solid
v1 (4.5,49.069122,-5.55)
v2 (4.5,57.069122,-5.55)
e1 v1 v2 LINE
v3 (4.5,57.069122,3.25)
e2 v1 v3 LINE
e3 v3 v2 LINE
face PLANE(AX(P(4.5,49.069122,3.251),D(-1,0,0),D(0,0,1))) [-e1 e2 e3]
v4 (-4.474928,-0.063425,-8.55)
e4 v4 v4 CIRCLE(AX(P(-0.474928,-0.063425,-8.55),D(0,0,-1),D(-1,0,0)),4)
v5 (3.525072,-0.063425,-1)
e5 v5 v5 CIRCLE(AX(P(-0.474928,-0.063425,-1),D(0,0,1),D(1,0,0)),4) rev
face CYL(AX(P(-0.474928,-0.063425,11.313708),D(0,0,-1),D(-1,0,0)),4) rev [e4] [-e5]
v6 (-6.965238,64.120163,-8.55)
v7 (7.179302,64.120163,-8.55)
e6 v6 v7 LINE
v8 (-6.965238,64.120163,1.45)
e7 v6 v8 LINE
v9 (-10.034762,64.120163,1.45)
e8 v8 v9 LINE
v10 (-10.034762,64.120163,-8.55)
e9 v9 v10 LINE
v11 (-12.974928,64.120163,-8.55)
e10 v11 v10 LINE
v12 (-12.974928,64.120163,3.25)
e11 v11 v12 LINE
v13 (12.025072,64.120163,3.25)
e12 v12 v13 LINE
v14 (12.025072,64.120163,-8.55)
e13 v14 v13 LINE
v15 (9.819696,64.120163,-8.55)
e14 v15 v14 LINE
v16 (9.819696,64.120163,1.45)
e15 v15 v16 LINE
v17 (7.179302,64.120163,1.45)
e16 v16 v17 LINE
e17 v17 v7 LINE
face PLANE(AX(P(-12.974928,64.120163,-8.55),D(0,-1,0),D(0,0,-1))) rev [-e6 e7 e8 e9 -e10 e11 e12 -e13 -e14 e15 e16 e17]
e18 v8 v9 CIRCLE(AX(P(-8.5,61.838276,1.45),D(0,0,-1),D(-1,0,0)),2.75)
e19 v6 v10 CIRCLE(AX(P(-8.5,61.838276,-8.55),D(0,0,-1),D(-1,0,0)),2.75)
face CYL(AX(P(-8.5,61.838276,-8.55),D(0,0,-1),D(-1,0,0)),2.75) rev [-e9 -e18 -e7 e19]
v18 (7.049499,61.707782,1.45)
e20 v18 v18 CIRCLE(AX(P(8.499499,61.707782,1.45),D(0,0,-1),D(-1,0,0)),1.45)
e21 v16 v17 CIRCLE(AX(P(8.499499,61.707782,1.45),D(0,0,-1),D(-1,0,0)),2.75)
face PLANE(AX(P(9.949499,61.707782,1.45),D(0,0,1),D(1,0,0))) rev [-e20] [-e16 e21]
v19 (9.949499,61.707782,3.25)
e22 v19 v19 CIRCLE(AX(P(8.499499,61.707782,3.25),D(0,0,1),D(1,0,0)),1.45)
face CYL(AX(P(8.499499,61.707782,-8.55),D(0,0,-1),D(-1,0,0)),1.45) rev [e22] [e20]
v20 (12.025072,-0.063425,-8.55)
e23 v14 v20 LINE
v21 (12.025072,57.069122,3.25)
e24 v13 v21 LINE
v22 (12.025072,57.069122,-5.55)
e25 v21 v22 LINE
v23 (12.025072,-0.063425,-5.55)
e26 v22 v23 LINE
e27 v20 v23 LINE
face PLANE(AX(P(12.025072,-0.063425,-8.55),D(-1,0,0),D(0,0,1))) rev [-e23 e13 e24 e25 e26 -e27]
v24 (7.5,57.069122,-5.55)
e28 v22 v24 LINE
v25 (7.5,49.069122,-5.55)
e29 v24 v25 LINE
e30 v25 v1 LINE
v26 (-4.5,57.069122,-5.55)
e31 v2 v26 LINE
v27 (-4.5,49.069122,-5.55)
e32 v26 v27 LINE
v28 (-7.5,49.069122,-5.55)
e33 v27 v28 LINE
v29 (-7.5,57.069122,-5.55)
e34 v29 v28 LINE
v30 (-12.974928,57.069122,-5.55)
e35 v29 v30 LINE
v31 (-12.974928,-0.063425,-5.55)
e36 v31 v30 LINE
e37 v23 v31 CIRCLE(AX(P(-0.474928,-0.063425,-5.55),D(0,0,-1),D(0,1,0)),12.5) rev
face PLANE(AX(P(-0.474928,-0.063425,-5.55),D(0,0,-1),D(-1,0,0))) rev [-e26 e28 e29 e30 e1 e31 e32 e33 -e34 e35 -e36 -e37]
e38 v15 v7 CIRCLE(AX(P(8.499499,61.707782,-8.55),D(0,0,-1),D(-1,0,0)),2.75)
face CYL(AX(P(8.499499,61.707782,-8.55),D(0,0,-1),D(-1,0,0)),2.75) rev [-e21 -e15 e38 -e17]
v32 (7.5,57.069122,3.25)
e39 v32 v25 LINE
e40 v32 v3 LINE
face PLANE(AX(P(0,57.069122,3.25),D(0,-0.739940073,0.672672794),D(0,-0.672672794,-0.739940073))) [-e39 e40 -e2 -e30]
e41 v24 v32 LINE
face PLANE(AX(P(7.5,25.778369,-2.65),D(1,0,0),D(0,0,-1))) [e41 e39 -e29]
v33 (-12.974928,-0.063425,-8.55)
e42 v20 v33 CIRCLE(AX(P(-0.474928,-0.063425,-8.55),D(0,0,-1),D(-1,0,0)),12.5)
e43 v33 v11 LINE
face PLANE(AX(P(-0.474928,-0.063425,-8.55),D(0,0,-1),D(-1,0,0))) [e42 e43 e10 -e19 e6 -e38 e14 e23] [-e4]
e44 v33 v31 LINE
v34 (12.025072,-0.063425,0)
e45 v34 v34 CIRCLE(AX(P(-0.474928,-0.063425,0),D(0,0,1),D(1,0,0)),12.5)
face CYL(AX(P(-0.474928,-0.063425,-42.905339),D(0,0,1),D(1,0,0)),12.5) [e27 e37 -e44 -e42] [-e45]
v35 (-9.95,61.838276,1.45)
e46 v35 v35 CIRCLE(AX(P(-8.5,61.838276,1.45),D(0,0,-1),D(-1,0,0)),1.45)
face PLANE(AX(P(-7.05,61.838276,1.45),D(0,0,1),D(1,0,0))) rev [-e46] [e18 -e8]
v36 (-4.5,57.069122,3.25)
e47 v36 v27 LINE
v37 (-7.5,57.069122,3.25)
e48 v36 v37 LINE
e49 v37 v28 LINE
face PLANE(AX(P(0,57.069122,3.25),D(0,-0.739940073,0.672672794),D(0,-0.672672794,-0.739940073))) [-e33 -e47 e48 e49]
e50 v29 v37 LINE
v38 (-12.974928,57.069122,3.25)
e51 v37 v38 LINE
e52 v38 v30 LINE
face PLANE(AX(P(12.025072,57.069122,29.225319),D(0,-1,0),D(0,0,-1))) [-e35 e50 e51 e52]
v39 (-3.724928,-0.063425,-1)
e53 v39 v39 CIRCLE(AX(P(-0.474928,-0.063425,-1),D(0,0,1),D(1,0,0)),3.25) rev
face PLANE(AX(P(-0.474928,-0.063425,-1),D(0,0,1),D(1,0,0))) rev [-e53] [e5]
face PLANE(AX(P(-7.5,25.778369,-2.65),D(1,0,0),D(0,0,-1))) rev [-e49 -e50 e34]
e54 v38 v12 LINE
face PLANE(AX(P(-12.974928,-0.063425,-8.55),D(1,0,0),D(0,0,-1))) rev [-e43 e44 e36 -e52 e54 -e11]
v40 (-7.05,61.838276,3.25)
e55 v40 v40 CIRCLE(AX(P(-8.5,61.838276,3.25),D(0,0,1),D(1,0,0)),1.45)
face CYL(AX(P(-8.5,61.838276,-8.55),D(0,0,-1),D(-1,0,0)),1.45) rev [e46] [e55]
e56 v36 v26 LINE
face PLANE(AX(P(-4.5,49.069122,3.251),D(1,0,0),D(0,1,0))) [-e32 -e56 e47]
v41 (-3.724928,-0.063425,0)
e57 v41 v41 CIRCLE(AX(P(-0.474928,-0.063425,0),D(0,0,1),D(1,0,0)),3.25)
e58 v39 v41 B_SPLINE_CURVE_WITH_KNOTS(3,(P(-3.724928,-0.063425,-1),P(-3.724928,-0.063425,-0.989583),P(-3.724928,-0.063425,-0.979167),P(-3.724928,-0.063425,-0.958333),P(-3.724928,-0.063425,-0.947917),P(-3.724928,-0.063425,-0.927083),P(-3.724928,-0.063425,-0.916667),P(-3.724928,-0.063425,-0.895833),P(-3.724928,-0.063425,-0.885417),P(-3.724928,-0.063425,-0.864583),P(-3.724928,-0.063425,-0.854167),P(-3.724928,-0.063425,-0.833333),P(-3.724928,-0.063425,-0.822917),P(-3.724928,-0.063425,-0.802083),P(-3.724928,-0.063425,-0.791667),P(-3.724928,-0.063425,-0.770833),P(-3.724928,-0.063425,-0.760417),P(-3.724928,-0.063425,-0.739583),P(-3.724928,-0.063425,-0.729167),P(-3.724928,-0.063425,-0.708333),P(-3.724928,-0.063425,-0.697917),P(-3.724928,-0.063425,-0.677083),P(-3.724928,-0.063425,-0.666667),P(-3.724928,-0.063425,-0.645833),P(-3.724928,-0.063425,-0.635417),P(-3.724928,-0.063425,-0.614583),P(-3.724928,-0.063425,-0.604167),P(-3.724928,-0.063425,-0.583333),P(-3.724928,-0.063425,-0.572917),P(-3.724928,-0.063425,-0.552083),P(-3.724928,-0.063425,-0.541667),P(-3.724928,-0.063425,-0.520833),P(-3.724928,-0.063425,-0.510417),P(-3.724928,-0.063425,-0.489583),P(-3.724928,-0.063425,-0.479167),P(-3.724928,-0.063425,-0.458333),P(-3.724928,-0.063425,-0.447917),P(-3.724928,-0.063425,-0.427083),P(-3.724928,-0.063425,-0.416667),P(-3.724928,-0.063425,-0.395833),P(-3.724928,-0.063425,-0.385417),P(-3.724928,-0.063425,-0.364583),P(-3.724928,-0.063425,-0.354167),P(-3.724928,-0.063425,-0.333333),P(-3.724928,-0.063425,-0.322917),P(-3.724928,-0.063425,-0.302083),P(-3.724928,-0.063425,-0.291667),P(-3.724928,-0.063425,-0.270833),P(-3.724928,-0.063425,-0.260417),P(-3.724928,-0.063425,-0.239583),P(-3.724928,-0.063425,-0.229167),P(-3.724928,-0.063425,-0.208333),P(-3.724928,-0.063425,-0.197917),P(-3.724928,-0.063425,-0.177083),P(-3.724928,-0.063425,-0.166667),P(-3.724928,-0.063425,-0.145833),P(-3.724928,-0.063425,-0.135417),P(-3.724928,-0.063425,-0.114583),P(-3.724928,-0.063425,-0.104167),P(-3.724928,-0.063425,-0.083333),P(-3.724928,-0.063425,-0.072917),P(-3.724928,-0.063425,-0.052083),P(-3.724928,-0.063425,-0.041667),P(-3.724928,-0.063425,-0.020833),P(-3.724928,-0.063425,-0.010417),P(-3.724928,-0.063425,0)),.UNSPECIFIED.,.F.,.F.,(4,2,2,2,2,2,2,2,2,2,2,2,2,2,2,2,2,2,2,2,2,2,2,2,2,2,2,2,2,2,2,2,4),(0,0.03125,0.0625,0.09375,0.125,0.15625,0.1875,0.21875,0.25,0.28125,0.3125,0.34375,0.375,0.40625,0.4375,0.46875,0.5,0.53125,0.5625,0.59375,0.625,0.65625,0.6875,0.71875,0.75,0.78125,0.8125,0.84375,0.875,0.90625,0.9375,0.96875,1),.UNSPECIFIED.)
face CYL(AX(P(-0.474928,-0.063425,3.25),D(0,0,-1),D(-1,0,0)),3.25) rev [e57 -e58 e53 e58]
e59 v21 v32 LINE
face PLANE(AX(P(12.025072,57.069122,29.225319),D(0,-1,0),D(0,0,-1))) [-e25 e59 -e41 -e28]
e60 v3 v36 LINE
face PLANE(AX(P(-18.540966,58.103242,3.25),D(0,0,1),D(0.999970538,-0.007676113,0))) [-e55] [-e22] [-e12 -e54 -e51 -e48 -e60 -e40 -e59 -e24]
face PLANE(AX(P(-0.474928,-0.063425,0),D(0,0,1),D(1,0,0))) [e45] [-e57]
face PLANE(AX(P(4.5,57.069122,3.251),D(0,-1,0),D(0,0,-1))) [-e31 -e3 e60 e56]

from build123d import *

# Parameters (mm, degrees)
ESBO_O2_R                           = 12.5
RESSALTO_EXTRUS_O1_DEPTH            = 5.55
RESSALTO_EXTRUS_O3_DEPTH            = 3
ESBO_O5_W                           = 25
ESBO_O5_H                           = 7.051040728
RESSALTO_EXTRUS_O4_DEPTH            = 11.8
REBAIXO_PARA_SHCS_M2_51_D           = 2.9
REBAIXO_PARA_SHCS_M2_51_CBORE_D     = 5.5
REBAIXO_PARA_SHCS_M2_51_CBORE_DEPTH = 10
NERVURA1_REACH                      = 67.976
ESBO_O10_WALL_W                     = 145.845066172
ESBO_O10_WALL_H                     = 15
CORTE_EXTRUS_O1_REACH               = 68.009
ESBO_O11_W                          = 9
ESBO_O11_H                          = 8
ESBO_O12_R                          = 3.25
CORTE_EXTRUS_O2_DEPTH               = 67.475439137
ESBO_O13_R                          = 4
CORTE_EXTRUS_O3_DEPTH               = 7.55


with BuildPart() as part:
    # Esboço2 → Ressalto-extrusão1 (new body)
    with BuildSketch(Plane.XY):
        with Locations((-0.474928023, -0.063425095)):
            Circle(ESBO_O2_R)
    extrude(amount=-RESSALTO_EXTRUS_O1_DEPTH)

    # Esboço4 → Ressalto-extrusão3 (add)
    with BuildSketch(Plane(origin=(0, 0, -5.55), x_dir=(-1, 0, 0), z_dir=(0, 0, -1))):
        with BuildLine():
            Line((-12.025071977, -0.063425095), (-12.025071977, 64.120162595))
            Line((-12.025071977, 64.120162595), (12.974928023, 64.120162595))
            Line((12.974928023, 64.120162595), (12.974928023, -0.063425095))
            ThreePointArc((12.974928023, -0.063425095), (0.474928023, -12.563425095), (-12.025071977, -0.063425095))
        make_face()
    extrude(amount=RESSALTO_EXTRUS_O3_DEPTH)

    # Esboço5 → Ressalto-extrusão4 (add)
    with BuildSketch(Plane(origin=(0, 0, -8.55), x_dir=(-1, 0, 0), z_dir=(0, 0, -1))):
        with Locations((0.474928023, 60.594642231)):
            Rectangle(ESBO_O5_W, ESBO_O5_H)
    extrude(amount=-RESSALTO_EXTRUS_O4_DEPTH)

    # Rebaixo para SHCS M2.51 (through all)
    with Locations(Plane(origin=(0, 0, -8.55), x_dir=(-1, 0, 0), z_dir=(0, 0, -1))):
        with Locations((-8.49949915, 61.707782077), (8.5, 61.838275999)):
            CounterBoreHole(REBAIXO_PARA_SHCS_M2_51_D / 2, REBAIXO_PARA_SHCS_M2_51_CBORE_D / 2, REBAIXO_PARA_SHCS_M2_51_CBORE_DEPTH)

    # Esboço10 wall → Nervura1 (add, up to next)
    with BuildSketch(Plane(origin=(0, 53.069121867, -1.15), x_dir=(0, -0.672672793996, -0.739940073396), z_dir=(0, 0.739940073396, -0.672672793996)), mode=Mode.PRIVATE) as nervura1_sk1:
        Rectangle(ESBO_O10_WALL_W, ESBO_O10_WALL_H)
    nervura1_tool1 = extrude(nervura1_sk1.sketch, amount=NERVURA1_REACH, mode=Mode.PRIVATE) - part.part
    add(nervura1_tool1.solids().sort_by_distance((0, 53.069121867, -1.15))[0])

    # Esboço11 → Corte-extrusão1 (cut, up to next)
    with BuildSketch(Plane.XY.offset(-5.55), mode=Mode.PRIVATE) as corte_extrus_o1_sk1:
        with Locations((0, 53.069121867)):
            Rectangle(ESBO_O11_W, ESBO_O11_H)
    corte_extrus_o1_tool1 = extrude(corte_extrus_o1_sk1.sketch, amount=CORTE_EXTRUS_O1_REACH, mode=Mode.PRIVATE) & part.part
    add(corte_extrus_o1_tool1.solids().sort_by_distance((0, 53.069122, -5.55))[0], mode=Mode.SUBTRACT)

    # Esboço12 → Corte-extrusão2 (cut, through all)
    with BuildSketch(Plane(origin=(0, 0, -8.55), x_dir=(-1, 0, 0), z_dir=(0, 0, -1))):
        with Locations((0.474928023, -0.063425095)):
            Circle(ESBO_O12_R)
    extrude(amount=-CORTE_EXTRUS_O2_DEPTH, mode=Mode.SUBTRACT)

    # Esboço13 → Corte-extrusão3 (cut)
    with BuildSketch(Plane(origin=(0, 0, -8.55), x_dir=(-1, 0, 0), z_dir=(0, 0, -1))):
        with Locations((0.474928023, -0.063425095)):
            Circle(ESBO_O13_R)
    extrude(amount=-CORTE_EXTRUS_O3_DEPTH, mode=Mode.SUBTRACT)


solid = part.part
